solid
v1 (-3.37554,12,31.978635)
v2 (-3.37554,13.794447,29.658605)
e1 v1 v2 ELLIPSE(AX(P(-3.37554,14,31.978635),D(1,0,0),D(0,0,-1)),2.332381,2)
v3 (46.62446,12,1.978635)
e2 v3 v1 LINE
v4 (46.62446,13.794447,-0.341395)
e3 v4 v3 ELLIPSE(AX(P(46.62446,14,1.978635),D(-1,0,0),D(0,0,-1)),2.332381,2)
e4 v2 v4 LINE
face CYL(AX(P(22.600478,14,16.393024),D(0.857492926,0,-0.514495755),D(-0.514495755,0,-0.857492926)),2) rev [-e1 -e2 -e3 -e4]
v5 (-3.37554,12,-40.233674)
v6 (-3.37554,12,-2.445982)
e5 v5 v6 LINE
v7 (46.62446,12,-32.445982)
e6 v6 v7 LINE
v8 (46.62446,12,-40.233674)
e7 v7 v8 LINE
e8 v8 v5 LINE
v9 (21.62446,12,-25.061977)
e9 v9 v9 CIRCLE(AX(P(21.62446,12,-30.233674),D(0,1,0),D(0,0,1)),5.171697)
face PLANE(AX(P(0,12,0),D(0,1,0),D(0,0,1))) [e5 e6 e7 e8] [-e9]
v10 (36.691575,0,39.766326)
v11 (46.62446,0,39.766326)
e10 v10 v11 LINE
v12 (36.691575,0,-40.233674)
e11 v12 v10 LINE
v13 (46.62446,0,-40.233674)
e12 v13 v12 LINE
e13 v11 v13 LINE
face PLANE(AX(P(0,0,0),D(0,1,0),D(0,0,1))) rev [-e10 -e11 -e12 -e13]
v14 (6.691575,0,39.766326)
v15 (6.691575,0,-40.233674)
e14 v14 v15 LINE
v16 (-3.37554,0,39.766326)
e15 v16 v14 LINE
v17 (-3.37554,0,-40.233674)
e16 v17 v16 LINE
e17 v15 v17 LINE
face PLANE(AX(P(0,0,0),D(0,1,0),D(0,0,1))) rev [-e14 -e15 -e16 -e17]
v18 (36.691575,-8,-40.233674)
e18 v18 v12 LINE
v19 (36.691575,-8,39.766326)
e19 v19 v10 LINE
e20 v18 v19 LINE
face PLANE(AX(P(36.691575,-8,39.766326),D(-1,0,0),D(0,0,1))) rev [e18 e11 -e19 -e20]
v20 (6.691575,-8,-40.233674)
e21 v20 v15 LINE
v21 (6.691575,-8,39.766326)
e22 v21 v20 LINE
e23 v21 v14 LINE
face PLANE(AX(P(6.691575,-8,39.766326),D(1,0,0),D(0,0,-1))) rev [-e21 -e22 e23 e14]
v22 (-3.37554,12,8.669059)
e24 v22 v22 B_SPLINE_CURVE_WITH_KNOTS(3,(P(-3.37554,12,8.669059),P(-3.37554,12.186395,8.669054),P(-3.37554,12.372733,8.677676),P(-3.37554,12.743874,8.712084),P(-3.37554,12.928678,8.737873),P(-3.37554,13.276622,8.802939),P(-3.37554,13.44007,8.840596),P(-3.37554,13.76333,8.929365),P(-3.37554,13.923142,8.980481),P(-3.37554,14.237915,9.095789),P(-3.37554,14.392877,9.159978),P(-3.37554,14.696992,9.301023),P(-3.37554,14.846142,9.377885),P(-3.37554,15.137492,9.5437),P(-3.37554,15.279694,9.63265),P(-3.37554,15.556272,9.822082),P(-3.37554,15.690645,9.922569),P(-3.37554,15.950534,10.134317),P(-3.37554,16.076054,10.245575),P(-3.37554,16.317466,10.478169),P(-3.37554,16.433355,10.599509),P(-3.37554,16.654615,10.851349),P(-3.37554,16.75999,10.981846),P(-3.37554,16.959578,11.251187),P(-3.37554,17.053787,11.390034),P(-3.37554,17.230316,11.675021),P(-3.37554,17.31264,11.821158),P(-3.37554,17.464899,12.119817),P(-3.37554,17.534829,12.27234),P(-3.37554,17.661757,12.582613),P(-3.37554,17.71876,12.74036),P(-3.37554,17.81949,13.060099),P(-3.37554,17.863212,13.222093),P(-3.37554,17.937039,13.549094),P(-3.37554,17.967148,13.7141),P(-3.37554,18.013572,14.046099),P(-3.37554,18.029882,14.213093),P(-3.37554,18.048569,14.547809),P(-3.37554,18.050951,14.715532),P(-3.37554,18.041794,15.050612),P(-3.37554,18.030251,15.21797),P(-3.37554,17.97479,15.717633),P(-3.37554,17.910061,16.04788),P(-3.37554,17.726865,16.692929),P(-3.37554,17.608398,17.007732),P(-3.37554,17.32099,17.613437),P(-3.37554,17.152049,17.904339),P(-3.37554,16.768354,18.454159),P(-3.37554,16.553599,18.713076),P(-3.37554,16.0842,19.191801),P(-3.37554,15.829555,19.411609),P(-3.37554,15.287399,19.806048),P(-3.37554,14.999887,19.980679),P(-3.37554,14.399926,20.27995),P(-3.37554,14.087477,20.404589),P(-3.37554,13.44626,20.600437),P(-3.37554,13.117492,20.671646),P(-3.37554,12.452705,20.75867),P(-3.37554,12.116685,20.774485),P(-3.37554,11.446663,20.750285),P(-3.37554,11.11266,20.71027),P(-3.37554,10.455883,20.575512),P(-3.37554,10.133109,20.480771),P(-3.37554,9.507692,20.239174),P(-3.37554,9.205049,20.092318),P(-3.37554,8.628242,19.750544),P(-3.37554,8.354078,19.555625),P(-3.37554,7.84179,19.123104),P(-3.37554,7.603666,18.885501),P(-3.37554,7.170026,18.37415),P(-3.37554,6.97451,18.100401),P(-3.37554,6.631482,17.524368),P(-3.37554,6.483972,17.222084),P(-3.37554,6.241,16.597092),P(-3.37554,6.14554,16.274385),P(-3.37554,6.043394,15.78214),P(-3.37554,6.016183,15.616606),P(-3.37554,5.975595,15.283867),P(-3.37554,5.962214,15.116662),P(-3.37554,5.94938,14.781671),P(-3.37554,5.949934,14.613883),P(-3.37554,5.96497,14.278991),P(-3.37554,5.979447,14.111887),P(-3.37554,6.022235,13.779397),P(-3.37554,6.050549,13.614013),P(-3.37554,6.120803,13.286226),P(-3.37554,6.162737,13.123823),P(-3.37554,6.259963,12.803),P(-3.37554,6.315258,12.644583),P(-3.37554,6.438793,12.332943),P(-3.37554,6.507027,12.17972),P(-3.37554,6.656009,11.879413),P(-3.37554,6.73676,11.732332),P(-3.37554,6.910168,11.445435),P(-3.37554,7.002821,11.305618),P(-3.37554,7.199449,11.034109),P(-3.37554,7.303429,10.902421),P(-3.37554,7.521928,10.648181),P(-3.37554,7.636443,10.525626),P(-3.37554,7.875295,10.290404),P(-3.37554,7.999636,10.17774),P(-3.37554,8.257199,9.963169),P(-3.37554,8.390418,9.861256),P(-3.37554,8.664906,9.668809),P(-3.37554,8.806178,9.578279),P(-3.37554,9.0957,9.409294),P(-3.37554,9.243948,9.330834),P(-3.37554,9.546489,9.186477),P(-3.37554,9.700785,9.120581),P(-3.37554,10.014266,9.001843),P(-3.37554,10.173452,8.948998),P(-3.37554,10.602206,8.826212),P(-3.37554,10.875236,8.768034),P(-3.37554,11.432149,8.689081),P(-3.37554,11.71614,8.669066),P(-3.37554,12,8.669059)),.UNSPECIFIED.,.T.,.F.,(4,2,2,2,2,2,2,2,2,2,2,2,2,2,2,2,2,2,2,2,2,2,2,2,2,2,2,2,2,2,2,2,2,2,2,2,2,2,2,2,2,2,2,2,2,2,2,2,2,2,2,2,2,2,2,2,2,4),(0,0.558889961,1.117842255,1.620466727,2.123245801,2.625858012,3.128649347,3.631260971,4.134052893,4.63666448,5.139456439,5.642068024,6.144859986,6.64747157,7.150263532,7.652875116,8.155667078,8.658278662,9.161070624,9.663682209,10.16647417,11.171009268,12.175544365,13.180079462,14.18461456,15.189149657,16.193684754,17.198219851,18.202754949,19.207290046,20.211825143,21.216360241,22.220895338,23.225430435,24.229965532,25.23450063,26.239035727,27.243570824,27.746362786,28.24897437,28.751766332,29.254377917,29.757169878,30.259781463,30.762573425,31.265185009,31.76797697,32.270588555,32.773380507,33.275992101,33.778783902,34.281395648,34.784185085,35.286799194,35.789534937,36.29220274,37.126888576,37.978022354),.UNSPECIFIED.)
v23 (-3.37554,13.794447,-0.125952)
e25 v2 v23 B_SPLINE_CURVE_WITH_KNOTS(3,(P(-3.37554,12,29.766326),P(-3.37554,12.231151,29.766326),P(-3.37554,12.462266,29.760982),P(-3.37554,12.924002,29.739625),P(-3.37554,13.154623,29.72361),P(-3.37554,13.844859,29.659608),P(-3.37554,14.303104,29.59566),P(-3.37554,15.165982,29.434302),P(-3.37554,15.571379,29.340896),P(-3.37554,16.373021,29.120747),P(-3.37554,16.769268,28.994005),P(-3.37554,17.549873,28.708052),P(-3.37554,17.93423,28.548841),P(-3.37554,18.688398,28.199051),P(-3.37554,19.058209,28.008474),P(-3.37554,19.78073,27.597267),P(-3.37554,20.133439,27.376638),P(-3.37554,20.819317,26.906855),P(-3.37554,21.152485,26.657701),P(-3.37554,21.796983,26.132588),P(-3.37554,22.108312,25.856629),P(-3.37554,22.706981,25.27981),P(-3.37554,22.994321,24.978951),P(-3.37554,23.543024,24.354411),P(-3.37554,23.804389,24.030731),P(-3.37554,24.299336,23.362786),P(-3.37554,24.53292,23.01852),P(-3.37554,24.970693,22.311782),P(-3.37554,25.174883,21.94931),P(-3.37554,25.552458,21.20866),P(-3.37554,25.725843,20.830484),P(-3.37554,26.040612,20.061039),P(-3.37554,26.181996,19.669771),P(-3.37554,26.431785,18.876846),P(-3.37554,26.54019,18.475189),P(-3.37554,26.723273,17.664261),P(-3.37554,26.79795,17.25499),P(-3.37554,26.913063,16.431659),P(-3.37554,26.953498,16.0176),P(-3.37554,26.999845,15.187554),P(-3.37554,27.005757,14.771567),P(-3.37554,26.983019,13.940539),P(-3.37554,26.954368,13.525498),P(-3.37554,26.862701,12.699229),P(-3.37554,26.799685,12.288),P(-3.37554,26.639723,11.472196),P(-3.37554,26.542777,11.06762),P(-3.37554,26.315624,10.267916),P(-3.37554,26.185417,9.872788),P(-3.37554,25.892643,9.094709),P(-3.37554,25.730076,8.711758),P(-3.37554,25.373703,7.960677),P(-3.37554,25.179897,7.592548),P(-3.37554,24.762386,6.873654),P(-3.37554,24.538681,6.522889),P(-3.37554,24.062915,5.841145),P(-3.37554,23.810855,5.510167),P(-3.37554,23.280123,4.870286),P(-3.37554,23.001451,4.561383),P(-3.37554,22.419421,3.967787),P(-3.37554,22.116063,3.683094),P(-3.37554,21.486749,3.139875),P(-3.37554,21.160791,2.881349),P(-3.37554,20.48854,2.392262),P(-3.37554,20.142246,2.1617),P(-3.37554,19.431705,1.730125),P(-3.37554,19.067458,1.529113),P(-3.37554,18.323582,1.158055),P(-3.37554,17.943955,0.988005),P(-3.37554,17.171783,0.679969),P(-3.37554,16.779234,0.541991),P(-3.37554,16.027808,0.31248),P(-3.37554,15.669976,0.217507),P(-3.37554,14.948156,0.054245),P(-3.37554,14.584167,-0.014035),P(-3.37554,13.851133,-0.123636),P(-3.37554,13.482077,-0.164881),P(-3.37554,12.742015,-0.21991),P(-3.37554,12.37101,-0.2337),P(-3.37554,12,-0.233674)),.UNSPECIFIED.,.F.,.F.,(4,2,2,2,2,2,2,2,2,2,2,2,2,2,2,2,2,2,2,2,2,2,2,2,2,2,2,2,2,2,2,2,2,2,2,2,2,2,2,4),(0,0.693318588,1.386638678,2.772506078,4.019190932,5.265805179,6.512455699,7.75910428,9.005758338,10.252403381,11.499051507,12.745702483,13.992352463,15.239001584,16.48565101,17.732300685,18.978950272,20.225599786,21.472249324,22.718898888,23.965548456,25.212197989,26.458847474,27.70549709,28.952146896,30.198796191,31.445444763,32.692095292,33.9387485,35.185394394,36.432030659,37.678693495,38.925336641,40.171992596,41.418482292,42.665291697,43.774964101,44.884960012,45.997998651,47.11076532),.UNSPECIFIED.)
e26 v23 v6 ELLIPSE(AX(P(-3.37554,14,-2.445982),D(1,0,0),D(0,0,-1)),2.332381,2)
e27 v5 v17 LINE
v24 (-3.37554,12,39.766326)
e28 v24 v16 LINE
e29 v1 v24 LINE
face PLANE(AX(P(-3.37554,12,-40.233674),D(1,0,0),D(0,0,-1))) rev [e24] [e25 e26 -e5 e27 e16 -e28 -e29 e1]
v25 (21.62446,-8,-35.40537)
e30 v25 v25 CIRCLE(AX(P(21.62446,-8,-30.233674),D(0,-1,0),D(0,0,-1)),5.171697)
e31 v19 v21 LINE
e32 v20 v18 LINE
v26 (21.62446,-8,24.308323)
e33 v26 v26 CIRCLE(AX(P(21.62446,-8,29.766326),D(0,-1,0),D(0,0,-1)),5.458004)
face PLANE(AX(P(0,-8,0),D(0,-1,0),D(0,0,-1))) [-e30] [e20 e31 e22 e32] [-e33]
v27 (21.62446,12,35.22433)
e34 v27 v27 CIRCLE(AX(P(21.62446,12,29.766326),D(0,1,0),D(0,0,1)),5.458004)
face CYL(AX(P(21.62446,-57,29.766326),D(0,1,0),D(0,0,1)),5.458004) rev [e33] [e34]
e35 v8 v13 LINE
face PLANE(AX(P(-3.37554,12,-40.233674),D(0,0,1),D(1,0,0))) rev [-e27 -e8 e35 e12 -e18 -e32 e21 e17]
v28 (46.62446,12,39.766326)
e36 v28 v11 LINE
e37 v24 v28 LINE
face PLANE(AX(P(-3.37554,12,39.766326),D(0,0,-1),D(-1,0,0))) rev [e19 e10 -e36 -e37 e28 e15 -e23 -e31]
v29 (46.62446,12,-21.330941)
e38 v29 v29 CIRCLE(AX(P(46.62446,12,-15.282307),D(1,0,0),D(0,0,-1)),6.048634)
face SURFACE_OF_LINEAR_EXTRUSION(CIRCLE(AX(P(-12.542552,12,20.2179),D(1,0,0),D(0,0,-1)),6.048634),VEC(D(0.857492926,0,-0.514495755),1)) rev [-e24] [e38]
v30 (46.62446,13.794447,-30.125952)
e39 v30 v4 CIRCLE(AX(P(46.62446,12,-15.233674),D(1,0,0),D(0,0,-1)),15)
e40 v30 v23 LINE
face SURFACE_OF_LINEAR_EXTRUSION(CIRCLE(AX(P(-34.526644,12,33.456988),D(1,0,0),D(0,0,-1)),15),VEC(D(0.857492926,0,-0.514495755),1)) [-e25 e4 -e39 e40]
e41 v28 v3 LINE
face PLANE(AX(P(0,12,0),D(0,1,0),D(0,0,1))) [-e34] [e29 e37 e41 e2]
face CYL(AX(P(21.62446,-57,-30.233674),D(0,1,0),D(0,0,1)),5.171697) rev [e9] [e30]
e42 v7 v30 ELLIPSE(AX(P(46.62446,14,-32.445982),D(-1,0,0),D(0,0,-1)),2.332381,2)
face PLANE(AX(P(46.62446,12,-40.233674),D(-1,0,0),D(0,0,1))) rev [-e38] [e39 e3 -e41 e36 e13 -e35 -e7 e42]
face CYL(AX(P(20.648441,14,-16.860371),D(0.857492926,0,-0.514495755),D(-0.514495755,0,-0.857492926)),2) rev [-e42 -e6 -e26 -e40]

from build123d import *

# Parameters (mm, degrees)
IZIM2_W                     = 50
IZIM2_H                     = 80
Y_KSEKLIK_EKSTR_ZYON1_DEPTH = 12
IZIM7_W                     = 30
IZIM7_H                     = 80
Y_KSEKLIK_EKSTR_ZYON2_DEPTH = 8
Y_KSEKLIK_EKSTR_ZYON3_DEPTH = 58.309518948
IZIM9_R                     = 6.04863379
KES_EKSTR_ZYON2_DEPTH       = 69
RADYUS1_R                   = 2
IZIM10_R                    = 5.458003929
IZIM10_R_2                  = 5.171696766
KES_EKSTR_ZYON3_DEPTH       = 69


with BuildPart() as part:
    # Çizim2 → Yükseklik-Ekstrüzyon1 (new body)
    with BuildSketch(Plane(origin=(0, 0, 0), x_dir=(1, 0, 0), z_dir=(0, 1, 0))):
        with Locations((21.624459622, 0.233673548)):
            Rectangle(IZIM2_W, IZIM2_H)
    extrude(amount=Y_KSEKLIK_EKSTR_ZYON1_DEPTH)

    # Çizim7 → Yükseklik-Ekstrüzyon2 (add)
    with BuildSketch(Plane.XZ):
        with Locations((21.691574622, -0.233673548)):
            Rectangle(IZIM7_W, IZIM7_H)
    extrude(amount=Y_KSEKLIK_EKSTR_ZYON2_DEPTH)

    # Çizim8 → Yükseklik-Ekstrüzyon3 (add, along a direction that is not the sketch's normal)
    with BuildSketch(Plane(origin=(46.624459622, 0, 0), x_dir=(0, 0, -1), z_dir=(1, 0, 0))):
        with BuildLine():
            Line((21.233673548, 12), (30.233673548, 12))
            ThreePointArc((30.233673548, 12), (15.233673548, 27), (0.233673548, 12))
            Line((0.233673548, 12), (9.233673548, 12))
            ThreePointArc((9.233673548, 12), (15.233673548, 18), (21.233673548, 12))
        make_face()
    extrude(amount=-Y_KSEKLIK_EKSTR_ZYON3_DEPTH, dir=(0.8574929257125442, 0, -0.5144957554275265))

    # Çizim9 → Kes-Ekstrüzyon2 (cut, along a direction that is not the sketch's normal)
    with BuildSketch(Plane(origin=(46.624459622, 0, 0), x_dir=(0, 0, -1), z_dir=(1, 0, 0))):
        with Locations((15.282307338, 12)):
            Circle(IZIM9_R)
    extrude(amount=-KES_EKSTR_ZYON2_DEPTH, dir=(0.8574929257125442, 0, -0.5144957554275265), mode=Mode.SUBTRACT)

    # Radyus1
    radyus1_edges = [part.edges().sort_by_distance(p)[0] for p in [
        (21.624459622, 12, 14.766326452),
        (21.624459622, 12, -15.233673548),
    ]]
    fillet(radyus1_edges, radius=RADYUS1_R)

    # Çizim10 → Kes-Ekstrüzyon3 (cut)
    with BuildSketch(Plane(origin=(0, 12, 0), x_dir=(1, 0, 0), z_dir=(0, 1, 0))):
        with Locations(Location((21.624459622, -29.766326452, 0), (0, 0, 270))):
            Circle(IZIM10_R)
        with Locations(Location((21.624459622, 30.233673548, 0), (0, 0, 270))):
            Circle(IZIM10_R_2)
    extrude(amount=-KES_EKSTR_ZYON3_DEPTH, mode=Mode.SUBTRACT)


solid = part.part
